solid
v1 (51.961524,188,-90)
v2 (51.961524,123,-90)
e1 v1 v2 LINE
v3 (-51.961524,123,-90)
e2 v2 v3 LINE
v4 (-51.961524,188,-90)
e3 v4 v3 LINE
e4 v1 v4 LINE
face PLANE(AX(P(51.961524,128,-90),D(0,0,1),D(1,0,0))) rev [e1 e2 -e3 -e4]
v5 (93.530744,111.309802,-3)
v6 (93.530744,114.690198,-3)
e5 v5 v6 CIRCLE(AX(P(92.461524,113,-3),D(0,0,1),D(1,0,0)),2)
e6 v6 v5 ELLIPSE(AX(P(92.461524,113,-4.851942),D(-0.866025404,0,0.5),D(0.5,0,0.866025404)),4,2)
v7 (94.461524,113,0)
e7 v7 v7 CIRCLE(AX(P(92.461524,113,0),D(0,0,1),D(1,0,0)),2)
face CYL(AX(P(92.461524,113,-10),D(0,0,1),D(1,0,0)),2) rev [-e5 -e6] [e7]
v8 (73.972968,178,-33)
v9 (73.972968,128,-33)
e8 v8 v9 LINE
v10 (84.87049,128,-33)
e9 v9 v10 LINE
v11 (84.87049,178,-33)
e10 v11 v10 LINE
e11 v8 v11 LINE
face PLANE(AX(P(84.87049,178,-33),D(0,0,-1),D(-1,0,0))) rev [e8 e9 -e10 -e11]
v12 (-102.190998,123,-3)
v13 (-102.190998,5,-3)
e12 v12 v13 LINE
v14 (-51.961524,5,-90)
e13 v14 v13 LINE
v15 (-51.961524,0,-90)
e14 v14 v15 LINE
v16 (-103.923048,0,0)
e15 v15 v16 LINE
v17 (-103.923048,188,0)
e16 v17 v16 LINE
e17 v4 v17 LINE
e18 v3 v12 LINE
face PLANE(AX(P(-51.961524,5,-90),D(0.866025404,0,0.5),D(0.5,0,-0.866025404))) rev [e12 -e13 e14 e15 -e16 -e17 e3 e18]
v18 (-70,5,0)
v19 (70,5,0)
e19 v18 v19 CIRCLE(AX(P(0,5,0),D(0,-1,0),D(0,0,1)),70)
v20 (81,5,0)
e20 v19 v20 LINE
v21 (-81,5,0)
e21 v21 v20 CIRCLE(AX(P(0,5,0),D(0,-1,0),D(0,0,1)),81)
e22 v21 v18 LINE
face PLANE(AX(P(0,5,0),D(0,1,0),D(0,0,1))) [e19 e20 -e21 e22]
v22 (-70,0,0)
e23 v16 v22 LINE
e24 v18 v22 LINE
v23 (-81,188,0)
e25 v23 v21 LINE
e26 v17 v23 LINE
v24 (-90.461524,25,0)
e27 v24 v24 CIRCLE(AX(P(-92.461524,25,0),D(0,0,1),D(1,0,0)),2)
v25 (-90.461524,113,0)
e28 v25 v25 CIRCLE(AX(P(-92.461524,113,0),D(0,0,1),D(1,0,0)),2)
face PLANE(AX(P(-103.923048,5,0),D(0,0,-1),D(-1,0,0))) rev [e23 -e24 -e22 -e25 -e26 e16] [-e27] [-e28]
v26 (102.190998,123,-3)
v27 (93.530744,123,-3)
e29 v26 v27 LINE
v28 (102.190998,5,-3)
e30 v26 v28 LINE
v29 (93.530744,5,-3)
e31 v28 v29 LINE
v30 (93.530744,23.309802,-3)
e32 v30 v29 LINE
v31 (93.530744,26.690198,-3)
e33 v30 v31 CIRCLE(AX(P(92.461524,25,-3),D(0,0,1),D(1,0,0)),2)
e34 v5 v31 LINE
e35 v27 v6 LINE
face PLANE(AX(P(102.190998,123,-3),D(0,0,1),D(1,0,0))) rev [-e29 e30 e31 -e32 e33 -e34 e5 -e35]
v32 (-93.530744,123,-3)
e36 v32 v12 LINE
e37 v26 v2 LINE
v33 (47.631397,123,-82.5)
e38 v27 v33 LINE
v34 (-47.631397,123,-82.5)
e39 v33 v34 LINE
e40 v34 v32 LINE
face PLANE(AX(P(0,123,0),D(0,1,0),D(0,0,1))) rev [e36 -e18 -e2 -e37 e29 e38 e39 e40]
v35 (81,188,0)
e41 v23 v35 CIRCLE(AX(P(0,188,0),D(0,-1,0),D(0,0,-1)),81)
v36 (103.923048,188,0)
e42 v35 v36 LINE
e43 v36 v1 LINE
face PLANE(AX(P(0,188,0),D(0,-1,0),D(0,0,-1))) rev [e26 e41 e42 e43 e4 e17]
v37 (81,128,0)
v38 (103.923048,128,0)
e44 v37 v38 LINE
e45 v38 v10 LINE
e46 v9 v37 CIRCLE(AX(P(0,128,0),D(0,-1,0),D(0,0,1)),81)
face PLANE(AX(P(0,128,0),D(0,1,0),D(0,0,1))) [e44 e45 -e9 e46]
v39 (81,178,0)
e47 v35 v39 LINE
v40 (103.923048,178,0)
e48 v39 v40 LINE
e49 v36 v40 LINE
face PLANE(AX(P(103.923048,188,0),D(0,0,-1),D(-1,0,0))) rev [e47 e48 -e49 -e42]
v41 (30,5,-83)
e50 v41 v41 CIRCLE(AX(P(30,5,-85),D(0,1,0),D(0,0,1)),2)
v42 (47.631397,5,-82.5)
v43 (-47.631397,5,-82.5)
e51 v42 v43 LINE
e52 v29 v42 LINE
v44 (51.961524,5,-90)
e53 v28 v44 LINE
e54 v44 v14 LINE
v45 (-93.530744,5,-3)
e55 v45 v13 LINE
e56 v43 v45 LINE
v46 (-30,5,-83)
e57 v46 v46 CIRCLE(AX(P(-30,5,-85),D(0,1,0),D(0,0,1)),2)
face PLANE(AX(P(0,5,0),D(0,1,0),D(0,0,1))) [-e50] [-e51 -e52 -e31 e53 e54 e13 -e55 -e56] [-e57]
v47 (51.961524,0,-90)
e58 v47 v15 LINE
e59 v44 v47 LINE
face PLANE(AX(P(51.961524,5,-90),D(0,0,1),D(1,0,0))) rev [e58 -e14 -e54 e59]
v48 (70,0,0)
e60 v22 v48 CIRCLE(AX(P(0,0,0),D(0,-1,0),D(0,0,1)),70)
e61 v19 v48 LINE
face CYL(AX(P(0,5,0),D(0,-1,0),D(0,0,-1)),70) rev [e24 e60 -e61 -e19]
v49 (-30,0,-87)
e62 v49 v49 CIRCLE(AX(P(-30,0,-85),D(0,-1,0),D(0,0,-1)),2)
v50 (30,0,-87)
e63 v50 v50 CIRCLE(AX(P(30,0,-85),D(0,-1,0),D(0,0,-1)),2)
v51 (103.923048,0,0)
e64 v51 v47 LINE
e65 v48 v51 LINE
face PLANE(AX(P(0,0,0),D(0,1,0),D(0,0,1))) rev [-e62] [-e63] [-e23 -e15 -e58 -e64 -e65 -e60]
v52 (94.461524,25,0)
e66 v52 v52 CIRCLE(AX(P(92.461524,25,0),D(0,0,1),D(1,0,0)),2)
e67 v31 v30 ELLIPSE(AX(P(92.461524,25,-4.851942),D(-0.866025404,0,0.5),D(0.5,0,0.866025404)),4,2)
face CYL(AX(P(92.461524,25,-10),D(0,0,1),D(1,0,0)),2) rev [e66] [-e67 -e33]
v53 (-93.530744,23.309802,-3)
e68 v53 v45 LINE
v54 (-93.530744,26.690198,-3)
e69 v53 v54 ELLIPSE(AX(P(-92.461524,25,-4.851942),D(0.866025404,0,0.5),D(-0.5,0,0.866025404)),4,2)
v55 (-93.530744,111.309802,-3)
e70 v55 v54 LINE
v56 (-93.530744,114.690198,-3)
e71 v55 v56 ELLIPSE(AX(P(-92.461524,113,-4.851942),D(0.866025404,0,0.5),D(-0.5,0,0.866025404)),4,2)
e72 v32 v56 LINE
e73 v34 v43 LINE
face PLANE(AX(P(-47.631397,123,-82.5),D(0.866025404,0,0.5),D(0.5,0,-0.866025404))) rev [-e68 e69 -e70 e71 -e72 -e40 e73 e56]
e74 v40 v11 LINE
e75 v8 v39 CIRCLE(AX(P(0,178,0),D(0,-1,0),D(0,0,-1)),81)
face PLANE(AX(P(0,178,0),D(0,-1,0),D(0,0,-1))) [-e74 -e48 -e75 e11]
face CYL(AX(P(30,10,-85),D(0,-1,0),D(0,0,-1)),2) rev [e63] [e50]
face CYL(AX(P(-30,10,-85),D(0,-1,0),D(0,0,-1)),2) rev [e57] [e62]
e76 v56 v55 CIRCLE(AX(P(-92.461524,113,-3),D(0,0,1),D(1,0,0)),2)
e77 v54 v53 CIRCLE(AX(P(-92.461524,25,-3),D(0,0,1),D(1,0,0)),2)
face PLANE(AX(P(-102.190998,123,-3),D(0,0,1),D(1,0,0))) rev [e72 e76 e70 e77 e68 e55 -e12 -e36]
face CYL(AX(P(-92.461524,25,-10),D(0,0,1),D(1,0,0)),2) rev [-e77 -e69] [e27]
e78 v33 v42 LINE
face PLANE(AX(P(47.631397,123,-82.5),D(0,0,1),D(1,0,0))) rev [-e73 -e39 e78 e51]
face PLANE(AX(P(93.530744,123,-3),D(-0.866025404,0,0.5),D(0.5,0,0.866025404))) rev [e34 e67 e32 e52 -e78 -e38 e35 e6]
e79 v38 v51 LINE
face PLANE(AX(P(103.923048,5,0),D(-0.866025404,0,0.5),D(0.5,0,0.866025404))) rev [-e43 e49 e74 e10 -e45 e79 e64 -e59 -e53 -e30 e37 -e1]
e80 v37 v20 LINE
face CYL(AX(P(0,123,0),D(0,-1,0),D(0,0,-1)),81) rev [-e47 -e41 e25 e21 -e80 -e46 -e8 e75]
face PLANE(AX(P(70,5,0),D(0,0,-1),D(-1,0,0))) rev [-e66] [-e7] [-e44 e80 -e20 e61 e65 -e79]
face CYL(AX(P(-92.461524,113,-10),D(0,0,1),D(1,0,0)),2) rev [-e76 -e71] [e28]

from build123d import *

# Parameters (mm, degrees)
BOSS_EXTRUDE1_DEPTH = 5
BOSS_EXTRUDE2_DEPTH = 118
BOSS_EXTRUDE3_DEPTH = 5
BOSS_EXTRUDE4_DEPTH = 50
BOSS_EXTRUDE5_DEPTH = 10
SKETCH6_R           = 2
CUT_EXTRUDE1_DEPTH  = 10
SKETCH7_R           = 2
CUT_EXTRUDE2_DEPTH  = 10


with BuildPart() as part:
    # Sketch1 → Boss-Extrude1 (new body)
    with BuildSketch(Plane(origin=(0, 0, 0), x_dir=(1, 0, 0), z_dir=(0, 1, 0))):
        with BuildLine():
            Line((-103.923048454, 0), (-70, 0))
            ThreePointArc((-70, 0), (0, 70), (70, 0))
            Line((70, 0), (103.923048454, 0))
            Line((103.923048454, 0), (51.961524227, 90))
            Line((51.961524227, 90), (-51.961524227, 90))
            Line((-51.961524227, 90), (-103.923048454, 0))
        make_face()
    extrude(amount=BOSS_EXTRUDE1_DEPTH)

    # Sketch2 → Boss-Extrude2 (add)
    with BuildSketch(Plane(origin=(0, 5, 0), x_dir=(1, 0, 0), z_dir=(0, 1, 0))):
        with BuildLine():
            Line((-95.262794416, 0), (-81, 0))
            ThreePointArc((-81, 0), (0, 81), (81, 0))
            Line((81, 0), (95.262794416, 0))
            Line((95.262794416, 0), (103.923048454, 0))
            Line((103.923048454, 0), (102.190997647, 3))
            Line((102.190997647, 3), (93.530743609, 3))
            Line((93.530743609, 3), (47.631397208, 82.5))
            Line((47.631397208, 82.5), (-47.631397208, 82.5))
            Line((-47.631397208, 82.5), (-93.530743609, 3))
            Line((-93.530743609, 3), (-102.190997647, 3))
            Line((-102.190997647, 3), (-103.923048454, 0))
            Line((-103.923048454, 0), (-95.262794416, 0))
        make_face()
    extrude(amount=BOSS_EXTRUDE2_DEPTH)

    # Sketch3 → Boss-Extrude3 (add)
    with BuildSketch(Plane(origin=(0, 123, 0), x_dir=(1, 0, 0), z_dir=(0, 1, 0))):
        with BuildLine():
            Line((-103.923048454, 0), (-81, 0))
            ThreePointArc((-81, 0), (0, 81), (81, 0))
            Line((81, 0), (103.923048454, 0))
            Line((103.923048454, 0), (51.961524227, 90))
            Line((51.961524227, 90), (-51.961524227, 90))
            Line((-51.961524227, 90), (-103.923048454, 0))
        make_face()
    extrude(amount=BOSS_EXTRUDE3_DEPTH)

    # Sketch4 → Boss-Extrude4 (add)
    with BuildSketch(Plane(origin=(0, 128, 0), x_dir=(1, 0, 0), z_dir=(0, 1, 0))):
        with BuildLine():
            Line((84.870489571, 33), (73.972968036, 33))
            ThreePointArc((73.972968036, 33), (-16.869937598, 79.22376667), (-81, 0))
            Line((-81, 0), (-103.923048454, 0))
            Line((-103.923048454, 0), (-51.961524227, 90))
            Line((-51.961524227, 90), (51.961524227, 90))
            Line((51.961524227, 90), (84.870489571, 33))
        make_face()
    extrude(amount=BOSS_EXTRUDE4_DEPTH)

    # Sketch5 → Boss-Extrude5 (add)
    with BuildSketch(Plane(origin=(0, 178, 0), x_dir=(1, 0, 0), z_dir=(0, 1, 0))):
        with BuildLine():
            Line((-103.923048454, 0), (-51.961524227, 90))
            Line((-51.961524227, 90), (51.961524227, 90))
            Line((51.961524227, 90), (103.923048454, 0))
            Line((103.923048454, 0), (81, 0))
            ThreePointArc((81, 0), (0, 81), (-81, 0))
            Line((-81, 0), (-103.923048454, 0))
        make_face()
    extrude(amount=BOSS_EXTRUDE5_DEPTH)

    # Sketch6 → Cut-Extrude1 (cut)
    with BuildSketch(Plane.XY):
        with Locations((92.461524227, 113)):
            Circle(SKETCH6_R)
        with Locations((92.461524227, 25)):
            Circle(SKETCH6_R)
        with Locations((-92.461524227, 25)):
            Circle(SKETCH6_R)
        with Locations((-92.461524227, 113)):
            Circle(SKETCH6_R)
    extrude(amount=-CUT_EXTRUDE1_DEPTH, mode=Mode.SUBTRACT)

    # Sketch7 → Cut-Extrude2 (cut)
    with BuildSketch(Plane.XZ):
        with Locations(Location((-30, -85, 0), (0, 0, 270))):
            Circle(SKETCH7_R)
        with Locations(Location((30, -85, 0), (0, 0, 270))):
            Circle(SKETCH7_R)
    extrude(amount=-CUT_EXTRUDE2_DEPTH, mode=Mode.SUBTRACT)


solid = part.part
